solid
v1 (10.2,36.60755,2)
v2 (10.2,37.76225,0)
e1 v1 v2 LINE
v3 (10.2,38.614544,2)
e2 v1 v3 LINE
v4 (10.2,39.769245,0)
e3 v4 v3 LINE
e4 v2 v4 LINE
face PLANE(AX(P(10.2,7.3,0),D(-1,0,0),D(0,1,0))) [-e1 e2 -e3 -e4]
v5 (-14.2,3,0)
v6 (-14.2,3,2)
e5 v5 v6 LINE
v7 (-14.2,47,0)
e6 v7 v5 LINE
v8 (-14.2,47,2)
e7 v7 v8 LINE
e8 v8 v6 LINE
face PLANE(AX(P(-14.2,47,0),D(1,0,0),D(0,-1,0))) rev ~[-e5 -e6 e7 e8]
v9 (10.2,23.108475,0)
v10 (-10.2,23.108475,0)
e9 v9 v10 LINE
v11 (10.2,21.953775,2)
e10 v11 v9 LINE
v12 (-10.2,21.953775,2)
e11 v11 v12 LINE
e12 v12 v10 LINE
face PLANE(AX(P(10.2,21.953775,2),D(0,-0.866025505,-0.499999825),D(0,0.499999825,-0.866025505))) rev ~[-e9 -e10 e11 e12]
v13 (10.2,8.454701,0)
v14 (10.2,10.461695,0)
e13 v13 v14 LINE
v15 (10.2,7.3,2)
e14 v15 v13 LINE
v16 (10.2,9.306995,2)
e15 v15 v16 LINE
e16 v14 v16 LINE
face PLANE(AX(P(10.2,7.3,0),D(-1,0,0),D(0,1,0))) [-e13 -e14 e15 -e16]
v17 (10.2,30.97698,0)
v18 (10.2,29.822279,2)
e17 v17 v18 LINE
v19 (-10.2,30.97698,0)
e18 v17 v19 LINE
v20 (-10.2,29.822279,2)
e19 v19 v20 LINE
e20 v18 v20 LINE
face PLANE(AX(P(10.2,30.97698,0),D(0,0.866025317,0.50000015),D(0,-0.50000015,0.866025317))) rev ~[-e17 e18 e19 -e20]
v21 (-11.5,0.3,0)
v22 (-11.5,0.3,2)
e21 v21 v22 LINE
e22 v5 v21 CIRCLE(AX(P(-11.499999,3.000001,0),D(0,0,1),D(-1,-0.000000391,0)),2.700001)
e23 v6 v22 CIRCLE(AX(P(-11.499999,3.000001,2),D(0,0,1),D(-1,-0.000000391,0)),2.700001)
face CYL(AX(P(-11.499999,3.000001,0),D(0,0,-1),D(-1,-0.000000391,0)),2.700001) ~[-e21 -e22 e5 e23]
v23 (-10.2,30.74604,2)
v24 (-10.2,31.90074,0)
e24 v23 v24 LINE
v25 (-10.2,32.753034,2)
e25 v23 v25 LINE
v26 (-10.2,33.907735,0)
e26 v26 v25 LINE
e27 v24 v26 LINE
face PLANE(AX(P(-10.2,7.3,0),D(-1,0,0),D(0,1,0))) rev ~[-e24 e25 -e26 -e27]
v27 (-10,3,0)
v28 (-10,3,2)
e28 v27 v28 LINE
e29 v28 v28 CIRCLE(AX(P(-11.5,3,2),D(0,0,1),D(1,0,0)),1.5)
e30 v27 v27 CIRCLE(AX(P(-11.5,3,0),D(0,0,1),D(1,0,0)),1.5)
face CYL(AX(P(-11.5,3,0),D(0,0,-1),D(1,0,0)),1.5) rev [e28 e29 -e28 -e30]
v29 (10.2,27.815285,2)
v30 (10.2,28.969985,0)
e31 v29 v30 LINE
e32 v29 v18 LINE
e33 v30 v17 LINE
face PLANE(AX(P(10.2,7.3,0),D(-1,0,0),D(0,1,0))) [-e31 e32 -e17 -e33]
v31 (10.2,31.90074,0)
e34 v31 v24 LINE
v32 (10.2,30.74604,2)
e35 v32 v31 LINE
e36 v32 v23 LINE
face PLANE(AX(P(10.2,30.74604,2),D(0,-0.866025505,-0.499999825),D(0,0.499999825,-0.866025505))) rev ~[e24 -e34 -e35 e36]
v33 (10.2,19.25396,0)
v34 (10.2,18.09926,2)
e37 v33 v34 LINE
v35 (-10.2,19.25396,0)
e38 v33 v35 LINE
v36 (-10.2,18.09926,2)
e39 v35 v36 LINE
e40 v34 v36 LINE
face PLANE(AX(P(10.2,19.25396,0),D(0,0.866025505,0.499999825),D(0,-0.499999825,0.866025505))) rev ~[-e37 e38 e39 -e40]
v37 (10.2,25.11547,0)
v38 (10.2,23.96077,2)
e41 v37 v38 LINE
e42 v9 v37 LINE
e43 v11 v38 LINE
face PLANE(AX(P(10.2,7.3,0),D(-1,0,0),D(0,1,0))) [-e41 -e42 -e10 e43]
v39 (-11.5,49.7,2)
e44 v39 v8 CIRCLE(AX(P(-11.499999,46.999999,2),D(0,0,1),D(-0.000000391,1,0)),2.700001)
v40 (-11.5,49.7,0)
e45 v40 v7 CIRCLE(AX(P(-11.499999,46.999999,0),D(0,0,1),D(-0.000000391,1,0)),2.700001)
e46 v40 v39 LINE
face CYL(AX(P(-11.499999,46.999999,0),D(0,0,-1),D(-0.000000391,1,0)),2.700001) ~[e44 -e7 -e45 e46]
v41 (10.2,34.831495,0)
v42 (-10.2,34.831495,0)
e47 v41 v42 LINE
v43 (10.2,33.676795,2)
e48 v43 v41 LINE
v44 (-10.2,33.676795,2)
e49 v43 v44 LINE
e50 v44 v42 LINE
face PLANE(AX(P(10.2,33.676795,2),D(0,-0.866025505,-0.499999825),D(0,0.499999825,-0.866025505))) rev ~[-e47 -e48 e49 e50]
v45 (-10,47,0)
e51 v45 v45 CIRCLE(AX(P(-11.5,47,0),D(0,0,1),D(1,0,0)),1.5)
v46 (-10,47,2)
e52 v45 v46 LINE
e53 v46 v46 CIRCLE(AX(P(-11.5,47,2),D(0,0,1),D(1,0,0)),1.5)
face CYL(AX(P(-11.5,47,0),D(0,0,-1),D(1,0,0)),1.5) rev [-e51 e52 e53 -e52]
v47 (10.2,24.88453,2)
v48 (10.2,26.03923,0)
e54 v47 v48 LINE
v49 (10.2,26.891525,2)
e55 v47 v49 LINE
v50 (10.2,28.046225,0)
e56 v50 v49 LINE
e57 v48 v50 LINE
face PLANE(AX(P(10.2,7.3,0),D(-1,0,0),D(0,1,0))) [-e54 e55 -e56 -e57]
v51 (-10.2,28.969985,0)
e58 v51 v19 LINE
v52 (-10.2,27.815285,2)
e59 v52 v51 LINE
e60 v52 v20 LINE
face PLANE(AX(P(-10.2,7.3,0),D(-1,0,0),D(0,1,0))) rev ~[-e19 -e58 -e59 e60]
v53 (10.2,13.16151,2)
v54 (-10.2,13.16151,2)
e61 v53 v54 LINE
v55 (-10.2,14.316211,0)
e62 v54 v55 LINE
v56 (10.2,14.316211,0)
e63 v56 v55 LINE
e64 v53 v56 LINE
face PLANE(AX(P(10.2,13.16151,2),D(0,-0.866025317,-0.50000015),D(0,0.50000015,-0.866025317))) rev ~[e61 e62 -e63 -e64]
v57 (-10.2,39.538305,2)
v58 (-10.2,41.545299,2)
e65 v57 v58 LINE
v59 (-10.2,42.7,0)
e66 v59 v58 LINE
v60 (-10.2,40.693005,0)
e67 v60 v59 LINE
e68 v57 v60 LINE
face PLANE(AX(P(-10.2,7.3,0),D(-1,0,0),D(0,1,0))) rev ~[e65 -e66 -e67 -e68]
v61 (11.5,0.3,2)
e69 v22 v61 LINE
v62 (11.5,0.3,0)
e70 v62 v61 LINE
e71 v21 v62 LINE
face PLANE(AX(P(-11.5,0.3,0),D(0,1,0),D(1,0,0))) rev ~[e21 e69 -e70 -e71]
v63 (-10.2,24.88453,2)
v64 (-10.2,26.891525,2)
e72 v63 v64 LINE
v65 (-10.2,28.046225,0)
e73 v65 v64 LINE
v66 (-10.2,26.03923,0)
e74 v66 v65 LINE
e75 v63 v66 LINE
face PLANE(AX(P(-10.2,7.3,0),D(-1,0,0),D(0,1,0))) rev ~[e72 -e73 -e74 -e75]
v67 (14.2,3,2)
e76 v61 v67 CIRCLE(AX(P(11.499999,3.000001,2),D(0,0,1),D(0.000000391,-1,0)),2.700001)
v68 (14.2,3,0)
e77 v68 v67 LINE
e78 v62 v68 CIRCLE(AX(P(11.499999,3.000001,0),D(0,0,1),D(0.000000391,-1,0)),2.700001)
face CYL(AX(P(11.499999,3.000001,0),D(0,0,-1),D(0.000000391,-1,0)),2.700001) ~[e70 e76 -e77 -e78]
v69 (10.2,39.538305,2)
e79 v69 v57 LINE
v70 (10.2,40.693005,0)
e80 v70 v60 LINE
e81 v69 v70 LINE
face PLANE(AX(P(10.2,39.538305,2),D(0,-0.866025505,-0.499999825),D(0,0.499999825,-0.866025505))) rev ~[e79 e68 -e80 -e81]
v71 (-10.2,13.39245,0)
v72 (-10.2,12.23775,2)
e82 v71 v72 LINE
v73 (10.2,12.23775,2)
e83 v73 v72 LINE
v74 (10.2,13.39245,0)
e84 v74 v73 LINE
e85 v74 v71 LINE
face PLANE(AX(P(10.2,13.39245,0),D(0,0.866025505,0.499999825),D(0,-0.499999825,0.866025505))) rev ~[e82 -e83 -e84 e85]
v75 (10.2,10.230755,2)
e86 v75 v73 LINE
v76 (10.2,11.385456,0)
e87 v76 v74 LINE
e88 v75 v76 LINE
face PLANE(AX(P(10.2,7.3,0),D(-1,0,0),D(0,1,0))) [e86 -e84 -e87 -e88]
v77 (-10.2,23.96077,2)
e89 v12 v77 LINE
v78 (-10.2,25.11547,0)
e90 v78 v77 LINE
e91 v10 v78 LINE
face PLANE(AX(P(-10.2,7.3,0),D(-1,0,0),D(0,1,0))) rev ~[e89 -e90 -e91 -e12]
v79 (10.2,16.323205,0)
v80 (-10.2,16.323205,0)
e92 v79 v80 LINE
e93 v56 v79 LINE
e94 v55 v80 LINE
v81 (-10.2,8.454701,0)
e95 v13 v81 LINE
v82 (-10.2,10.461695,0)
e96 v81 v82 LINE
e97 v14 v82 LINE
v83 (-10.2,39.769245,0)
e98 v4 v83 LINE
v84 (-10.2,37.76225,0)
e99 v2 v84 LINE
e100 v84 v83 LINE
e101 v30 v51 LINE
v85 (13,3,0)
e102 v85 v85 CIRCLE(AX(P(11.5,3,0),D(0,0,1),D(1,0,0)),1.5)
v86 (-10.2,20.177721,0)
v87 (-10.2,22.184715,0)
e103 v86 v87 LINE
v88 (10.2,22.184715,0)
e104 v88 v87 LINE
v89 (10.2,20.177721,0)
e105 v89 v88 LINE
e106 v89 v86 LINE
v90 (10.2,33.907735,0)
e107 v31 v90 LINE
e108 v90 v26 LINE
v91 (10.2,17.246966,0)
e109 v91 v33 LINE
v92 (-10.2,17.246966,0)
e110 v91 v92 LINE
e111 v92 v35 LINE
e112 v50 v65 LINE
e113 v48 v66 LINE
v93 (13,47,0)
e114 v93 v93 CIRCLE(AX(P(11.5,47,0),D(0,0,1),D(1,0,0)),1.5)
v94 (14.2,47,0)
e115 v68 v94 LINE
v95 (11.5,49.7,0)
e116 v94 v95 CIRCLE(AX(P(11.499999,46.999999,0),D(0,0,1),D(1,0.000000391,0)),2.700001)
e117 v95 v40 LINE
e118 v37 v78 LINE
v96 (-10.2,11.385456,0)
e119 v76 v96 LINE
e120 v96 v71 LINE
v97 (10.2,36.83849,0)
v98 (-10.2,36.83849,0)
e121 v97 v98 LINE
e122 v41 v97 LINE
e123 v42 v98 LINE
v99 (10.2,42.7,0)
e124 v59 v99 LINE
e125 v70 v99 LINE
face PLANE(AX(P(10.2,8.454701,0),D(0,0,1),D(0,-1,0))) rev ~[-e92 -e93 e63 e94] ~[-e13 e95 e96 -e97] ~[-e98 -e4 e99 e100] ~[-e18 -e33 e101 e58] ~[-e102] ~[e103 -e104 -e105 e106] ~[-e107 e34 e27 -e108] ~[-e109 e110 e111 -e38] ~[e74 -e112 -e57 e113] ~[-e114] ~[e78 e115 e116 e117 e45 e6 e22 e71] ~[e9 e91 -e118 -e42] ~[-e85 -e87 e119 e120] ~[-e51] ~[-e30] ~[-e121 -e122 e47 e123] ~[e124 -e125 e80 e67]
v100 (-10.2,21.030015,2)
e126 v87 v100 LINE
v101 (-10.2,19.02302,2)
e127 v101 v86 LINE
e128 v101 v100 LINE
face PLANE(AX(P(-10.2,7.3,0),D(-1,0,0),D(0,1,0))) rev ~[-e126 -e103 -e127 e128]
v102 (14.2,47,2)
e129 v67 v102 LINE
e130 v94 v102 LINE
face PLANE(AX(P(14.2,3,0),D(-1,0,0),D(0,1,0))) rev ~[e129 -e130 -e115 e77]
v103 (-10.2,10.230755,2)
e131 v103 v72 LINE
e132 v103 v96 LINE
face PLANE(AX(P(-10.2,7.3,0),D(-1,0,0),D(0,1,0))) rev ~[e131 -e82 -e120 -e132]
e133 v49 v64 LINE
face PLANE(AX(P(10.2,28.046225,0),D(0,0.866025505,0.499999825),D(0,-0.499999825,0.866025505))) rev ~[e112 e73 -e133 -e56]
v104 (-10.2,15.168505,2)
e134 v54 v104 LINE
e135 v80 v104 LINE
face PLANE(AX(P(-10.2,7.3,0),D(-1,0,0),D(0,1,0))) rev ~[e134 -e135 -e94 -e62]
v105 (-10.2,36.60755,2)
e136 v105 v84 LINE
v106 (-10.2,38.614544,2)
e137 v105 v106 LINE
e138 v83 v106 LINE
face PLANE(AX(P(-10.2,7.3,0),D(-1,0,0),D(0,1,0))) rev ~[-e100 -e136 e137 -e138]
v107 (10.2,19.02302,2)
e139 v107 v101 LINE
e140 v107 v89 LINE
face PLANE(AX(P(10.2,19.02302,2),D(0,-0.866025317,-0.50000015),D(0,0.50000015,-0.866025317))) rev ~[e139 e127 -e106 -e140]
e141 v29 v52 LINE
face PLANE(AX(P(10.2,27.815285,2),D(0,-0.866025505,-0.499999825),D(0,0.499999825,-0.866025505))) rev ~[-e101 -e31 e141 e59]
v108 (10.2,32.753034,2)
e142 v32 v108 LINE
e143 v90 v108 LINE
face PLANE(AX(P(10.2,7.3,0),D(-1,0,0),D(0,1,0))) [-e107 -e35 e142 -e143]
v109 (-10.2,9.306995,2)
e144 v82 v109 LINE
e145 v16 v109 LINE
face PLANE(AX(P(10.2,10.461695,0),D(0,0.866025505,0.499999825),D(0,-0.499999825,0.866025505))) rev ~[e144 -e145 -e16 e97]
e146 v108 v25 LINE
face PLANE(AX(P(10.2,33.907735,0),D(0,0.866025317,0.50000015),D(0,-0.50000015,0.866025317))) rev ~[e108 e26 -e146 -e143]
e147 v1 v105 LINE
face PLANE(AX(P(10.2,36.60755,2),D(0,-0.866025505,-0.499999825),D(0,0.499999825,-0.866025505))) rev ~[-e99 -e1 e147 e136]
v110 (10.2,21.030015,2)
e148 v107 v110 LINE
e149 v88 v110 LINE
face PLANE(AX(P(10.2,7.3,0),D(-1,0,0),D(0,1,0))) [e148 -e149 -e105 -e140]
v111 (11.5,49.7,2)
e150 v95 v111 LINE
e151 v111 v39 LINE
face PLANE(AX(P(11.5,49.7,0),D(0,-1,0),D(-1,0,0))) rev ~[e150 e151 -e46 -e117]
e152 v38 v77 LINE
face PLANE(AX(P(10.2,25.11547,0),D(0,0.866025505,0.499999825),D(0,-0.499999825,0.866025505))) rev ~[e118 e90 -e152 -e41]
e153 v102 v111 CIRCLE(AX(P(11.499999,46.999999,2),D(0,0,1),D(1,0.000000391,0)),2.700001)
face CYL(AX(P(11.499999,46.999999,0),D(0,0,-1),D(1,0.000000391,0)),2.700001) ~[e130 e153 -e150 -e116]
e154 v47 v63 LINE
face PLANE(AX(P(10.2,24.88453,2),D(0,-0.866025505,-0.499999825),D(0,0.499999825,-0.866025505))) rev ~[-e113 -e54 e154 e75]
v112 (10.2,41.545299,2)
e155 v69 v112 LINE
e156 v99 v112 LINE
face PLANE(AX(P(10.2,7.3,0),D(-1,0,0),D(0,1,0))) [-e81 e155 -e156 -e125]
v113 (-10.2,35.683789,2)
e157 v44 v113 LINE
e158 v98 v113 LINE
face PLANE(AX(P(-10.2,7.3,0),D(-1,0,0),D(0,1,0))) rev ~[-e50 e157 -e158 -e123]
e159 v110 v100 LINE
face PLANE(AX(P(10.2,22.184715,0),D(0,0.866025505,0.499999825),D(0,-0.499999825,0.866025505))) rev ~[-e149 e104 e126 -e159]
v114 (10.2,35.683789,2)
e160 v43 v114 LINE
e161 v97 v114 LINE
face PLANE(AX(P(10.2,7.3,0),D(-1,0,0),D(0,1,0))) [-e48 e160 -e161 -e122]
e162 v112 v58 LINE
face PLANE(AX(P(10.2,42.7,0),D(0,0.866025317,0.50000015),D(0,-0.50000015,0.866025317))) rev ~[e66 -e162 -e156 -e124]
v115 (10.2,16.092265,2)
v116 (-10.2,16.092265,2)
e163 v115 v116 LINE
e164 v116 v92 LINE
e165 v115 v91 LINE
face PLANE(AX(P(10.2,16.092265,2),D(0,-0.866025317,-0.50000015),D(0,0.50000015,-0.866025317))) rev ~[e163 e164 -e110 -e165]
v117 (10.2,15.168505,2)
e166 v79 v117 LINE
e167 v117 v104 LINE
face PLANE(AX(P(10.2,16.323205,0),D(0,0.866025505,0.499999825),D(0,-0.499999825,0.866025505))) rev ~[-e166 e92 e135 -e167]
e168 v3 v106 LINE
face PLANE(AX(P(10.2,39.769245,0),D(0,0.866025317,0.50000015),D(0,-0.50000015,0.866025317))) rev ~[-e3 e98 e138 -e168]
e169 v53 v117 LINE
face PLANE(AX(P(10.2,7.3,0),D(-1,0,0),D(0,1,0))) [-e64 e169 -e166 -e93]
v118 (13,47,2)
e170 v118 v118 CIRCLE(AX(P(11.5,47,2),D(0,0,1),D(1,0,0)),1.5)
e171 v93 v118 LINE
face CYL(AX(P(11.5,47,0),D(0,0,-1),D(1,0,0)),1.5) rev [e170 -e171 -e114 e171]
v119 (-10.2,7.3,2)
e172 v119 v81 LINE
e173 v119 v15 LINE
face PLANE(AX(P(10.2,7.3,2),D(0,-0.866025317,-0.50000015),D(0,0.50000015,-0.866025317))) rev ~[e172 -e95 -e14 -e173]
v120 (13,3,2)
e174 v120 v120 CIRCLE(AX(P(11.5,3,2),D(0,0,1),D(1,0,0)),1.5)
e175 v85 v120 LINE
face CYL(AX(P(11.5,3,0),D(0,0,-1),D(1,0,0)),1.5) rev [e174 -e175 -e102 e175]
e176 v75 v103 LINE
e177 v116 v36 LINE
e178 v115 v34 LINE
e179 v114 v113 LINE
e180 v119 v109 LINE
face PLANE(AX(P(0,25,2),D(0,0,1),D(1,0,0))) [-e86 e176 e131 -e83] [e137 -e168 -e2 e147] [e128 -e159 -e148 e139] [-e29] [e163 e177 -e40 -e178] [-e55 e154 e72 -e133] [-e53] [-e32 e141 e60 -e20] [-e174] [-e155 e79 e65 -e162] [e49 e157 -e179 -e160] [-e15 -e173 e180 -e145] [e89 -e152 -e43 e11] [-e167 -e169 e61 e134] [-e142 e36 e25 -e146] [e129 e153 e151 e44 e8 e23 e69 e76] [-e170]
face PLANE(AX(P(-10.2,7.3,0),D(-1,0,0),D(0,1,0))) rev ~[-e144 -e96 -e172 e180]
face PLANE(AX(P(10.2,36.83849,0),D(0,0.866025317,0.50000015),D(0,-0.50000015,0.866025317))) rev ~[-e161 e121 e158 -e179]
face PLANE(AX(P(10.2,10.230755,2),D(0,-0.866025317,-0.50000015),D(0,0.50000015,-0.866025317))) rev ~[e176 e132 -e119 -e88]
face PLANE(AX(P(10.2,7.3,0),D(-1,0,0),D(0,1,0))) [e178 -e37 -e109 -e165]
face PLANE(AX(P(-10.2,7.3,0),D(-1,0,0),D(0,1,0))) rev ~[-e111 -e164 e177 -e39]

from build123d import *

# Parameters (mm, degrees)
F0_R     = 1.5
F0_W     = 20.4
F0_H     = 35.4
F1_DEPTH = 2
F3_DEPTH = 20.4


with BuildPart() as f1:
    # F0 (on Top) → F1 (new body)
    with BuildSketch(Plane.XY):
        with BuildLine():
            ThreePointArc((-11.5, 49.7), (-13.409188, 48.909188), (-14.2, 47))
            Line((-14.2, 47), (-14.2, 3))
            ThreePointArc((-14.2, 3), (-13.409188, 1.090812), (-11.5, 0.3))
            Line((-11.5, 0.3), (11.5, 0.3))
            ThreePointArc((11.5, 0.3), (13.409188, 1.090812), (14.2, 3))
            Line((14.2, 3), (14.2, 47))
            ThreePointArc((14.2, 47), (13.409188, 48.909188), (11.5, 49.7))
            Line((11.5, 49.7), (-11.5, 49.7))
        make_face()
        with Locations((-11.5, 3)):
            Circle(F0_R, mode=Mode.SUBTRACT)
        with Locations((11.5, 3)):
            Circle(F0_R, mode=Mode.SUBTRACT)
        with Locations((-11.5, 47)):
            Circle(F0_R, mode=Mode.SUBTRACT)
        with Locations((0, 25)):
            Rectangle(F0_W, F0_H, mode=Mode.SUBTRACT)
        with Locations((11.5, 47)):
            Circle(F0_R, mode=Mode.SUBTRACT)
    extrude(amount=F1_DEPTH)

    # F2 (on face) → F3 (join, through all)
    with BuildSketch(Plane(origin=(10.2, 0, 0), x_dir=(0, -1, 0), z_dir=(-1, 0, 0))):
        Polygon((-23.96077, 2), (-24.88453, 2), (-26.03923, 0), (-25.11547, 0), align=None)
        Polygon((-21.030015, 2), (-21.953775, 2), (-23.108475, 0), (-22.184715, 0), align=None)
        Polygon((-18.09926, 2), (-19.02302, 2), (-20.177721, 0), (-19.25396, 0), align=None)
        Polygon((-15.168505, 2), (-16.092265, 2), (-17.246966, 0), (-16.323205, 0), align=None)
        Polygon((-12.23775, 2), (-13.16151, 2), (-14.316211, 0), (-13.39245, 0), align=None)
        Polygon((-9.306995, 2), (-10.230755, 2), (-11.385456, 0), (-10.461695, 0), align=None)
        Polygon((-7.3, 0), (-7.3, 2), (-8.454701, 0), align=None)
        Polygon((-28.046225, 0), (-26.891525, 2), (-27.815285, 2), (-28.969985, 0), align=None)
        Polygon((-30.97698, 0), (-29.822279, 2), (-30.74604, 2), (-31.90074, 0), align=None)
        Polygon((-33.907735, 0), (-32.753034, 2), (-33.676795, 2), (-34.831495, 0), align=None)
        Polygon((-36.83849, 0), (-35.683789, 2), (-36.60755, 2), (-37.76225, 0), align=None)
        Polygon((-39.769245, 0), (-38.614544, 2), (-39.538305, 2), (-40.693005, 0), align=None)
        Polygon((-42.7, 2), (-42.7, 0), (-41.545299, 2), align=None)
    extrude(amount=F3_DEPTH)


solid = f1.part
